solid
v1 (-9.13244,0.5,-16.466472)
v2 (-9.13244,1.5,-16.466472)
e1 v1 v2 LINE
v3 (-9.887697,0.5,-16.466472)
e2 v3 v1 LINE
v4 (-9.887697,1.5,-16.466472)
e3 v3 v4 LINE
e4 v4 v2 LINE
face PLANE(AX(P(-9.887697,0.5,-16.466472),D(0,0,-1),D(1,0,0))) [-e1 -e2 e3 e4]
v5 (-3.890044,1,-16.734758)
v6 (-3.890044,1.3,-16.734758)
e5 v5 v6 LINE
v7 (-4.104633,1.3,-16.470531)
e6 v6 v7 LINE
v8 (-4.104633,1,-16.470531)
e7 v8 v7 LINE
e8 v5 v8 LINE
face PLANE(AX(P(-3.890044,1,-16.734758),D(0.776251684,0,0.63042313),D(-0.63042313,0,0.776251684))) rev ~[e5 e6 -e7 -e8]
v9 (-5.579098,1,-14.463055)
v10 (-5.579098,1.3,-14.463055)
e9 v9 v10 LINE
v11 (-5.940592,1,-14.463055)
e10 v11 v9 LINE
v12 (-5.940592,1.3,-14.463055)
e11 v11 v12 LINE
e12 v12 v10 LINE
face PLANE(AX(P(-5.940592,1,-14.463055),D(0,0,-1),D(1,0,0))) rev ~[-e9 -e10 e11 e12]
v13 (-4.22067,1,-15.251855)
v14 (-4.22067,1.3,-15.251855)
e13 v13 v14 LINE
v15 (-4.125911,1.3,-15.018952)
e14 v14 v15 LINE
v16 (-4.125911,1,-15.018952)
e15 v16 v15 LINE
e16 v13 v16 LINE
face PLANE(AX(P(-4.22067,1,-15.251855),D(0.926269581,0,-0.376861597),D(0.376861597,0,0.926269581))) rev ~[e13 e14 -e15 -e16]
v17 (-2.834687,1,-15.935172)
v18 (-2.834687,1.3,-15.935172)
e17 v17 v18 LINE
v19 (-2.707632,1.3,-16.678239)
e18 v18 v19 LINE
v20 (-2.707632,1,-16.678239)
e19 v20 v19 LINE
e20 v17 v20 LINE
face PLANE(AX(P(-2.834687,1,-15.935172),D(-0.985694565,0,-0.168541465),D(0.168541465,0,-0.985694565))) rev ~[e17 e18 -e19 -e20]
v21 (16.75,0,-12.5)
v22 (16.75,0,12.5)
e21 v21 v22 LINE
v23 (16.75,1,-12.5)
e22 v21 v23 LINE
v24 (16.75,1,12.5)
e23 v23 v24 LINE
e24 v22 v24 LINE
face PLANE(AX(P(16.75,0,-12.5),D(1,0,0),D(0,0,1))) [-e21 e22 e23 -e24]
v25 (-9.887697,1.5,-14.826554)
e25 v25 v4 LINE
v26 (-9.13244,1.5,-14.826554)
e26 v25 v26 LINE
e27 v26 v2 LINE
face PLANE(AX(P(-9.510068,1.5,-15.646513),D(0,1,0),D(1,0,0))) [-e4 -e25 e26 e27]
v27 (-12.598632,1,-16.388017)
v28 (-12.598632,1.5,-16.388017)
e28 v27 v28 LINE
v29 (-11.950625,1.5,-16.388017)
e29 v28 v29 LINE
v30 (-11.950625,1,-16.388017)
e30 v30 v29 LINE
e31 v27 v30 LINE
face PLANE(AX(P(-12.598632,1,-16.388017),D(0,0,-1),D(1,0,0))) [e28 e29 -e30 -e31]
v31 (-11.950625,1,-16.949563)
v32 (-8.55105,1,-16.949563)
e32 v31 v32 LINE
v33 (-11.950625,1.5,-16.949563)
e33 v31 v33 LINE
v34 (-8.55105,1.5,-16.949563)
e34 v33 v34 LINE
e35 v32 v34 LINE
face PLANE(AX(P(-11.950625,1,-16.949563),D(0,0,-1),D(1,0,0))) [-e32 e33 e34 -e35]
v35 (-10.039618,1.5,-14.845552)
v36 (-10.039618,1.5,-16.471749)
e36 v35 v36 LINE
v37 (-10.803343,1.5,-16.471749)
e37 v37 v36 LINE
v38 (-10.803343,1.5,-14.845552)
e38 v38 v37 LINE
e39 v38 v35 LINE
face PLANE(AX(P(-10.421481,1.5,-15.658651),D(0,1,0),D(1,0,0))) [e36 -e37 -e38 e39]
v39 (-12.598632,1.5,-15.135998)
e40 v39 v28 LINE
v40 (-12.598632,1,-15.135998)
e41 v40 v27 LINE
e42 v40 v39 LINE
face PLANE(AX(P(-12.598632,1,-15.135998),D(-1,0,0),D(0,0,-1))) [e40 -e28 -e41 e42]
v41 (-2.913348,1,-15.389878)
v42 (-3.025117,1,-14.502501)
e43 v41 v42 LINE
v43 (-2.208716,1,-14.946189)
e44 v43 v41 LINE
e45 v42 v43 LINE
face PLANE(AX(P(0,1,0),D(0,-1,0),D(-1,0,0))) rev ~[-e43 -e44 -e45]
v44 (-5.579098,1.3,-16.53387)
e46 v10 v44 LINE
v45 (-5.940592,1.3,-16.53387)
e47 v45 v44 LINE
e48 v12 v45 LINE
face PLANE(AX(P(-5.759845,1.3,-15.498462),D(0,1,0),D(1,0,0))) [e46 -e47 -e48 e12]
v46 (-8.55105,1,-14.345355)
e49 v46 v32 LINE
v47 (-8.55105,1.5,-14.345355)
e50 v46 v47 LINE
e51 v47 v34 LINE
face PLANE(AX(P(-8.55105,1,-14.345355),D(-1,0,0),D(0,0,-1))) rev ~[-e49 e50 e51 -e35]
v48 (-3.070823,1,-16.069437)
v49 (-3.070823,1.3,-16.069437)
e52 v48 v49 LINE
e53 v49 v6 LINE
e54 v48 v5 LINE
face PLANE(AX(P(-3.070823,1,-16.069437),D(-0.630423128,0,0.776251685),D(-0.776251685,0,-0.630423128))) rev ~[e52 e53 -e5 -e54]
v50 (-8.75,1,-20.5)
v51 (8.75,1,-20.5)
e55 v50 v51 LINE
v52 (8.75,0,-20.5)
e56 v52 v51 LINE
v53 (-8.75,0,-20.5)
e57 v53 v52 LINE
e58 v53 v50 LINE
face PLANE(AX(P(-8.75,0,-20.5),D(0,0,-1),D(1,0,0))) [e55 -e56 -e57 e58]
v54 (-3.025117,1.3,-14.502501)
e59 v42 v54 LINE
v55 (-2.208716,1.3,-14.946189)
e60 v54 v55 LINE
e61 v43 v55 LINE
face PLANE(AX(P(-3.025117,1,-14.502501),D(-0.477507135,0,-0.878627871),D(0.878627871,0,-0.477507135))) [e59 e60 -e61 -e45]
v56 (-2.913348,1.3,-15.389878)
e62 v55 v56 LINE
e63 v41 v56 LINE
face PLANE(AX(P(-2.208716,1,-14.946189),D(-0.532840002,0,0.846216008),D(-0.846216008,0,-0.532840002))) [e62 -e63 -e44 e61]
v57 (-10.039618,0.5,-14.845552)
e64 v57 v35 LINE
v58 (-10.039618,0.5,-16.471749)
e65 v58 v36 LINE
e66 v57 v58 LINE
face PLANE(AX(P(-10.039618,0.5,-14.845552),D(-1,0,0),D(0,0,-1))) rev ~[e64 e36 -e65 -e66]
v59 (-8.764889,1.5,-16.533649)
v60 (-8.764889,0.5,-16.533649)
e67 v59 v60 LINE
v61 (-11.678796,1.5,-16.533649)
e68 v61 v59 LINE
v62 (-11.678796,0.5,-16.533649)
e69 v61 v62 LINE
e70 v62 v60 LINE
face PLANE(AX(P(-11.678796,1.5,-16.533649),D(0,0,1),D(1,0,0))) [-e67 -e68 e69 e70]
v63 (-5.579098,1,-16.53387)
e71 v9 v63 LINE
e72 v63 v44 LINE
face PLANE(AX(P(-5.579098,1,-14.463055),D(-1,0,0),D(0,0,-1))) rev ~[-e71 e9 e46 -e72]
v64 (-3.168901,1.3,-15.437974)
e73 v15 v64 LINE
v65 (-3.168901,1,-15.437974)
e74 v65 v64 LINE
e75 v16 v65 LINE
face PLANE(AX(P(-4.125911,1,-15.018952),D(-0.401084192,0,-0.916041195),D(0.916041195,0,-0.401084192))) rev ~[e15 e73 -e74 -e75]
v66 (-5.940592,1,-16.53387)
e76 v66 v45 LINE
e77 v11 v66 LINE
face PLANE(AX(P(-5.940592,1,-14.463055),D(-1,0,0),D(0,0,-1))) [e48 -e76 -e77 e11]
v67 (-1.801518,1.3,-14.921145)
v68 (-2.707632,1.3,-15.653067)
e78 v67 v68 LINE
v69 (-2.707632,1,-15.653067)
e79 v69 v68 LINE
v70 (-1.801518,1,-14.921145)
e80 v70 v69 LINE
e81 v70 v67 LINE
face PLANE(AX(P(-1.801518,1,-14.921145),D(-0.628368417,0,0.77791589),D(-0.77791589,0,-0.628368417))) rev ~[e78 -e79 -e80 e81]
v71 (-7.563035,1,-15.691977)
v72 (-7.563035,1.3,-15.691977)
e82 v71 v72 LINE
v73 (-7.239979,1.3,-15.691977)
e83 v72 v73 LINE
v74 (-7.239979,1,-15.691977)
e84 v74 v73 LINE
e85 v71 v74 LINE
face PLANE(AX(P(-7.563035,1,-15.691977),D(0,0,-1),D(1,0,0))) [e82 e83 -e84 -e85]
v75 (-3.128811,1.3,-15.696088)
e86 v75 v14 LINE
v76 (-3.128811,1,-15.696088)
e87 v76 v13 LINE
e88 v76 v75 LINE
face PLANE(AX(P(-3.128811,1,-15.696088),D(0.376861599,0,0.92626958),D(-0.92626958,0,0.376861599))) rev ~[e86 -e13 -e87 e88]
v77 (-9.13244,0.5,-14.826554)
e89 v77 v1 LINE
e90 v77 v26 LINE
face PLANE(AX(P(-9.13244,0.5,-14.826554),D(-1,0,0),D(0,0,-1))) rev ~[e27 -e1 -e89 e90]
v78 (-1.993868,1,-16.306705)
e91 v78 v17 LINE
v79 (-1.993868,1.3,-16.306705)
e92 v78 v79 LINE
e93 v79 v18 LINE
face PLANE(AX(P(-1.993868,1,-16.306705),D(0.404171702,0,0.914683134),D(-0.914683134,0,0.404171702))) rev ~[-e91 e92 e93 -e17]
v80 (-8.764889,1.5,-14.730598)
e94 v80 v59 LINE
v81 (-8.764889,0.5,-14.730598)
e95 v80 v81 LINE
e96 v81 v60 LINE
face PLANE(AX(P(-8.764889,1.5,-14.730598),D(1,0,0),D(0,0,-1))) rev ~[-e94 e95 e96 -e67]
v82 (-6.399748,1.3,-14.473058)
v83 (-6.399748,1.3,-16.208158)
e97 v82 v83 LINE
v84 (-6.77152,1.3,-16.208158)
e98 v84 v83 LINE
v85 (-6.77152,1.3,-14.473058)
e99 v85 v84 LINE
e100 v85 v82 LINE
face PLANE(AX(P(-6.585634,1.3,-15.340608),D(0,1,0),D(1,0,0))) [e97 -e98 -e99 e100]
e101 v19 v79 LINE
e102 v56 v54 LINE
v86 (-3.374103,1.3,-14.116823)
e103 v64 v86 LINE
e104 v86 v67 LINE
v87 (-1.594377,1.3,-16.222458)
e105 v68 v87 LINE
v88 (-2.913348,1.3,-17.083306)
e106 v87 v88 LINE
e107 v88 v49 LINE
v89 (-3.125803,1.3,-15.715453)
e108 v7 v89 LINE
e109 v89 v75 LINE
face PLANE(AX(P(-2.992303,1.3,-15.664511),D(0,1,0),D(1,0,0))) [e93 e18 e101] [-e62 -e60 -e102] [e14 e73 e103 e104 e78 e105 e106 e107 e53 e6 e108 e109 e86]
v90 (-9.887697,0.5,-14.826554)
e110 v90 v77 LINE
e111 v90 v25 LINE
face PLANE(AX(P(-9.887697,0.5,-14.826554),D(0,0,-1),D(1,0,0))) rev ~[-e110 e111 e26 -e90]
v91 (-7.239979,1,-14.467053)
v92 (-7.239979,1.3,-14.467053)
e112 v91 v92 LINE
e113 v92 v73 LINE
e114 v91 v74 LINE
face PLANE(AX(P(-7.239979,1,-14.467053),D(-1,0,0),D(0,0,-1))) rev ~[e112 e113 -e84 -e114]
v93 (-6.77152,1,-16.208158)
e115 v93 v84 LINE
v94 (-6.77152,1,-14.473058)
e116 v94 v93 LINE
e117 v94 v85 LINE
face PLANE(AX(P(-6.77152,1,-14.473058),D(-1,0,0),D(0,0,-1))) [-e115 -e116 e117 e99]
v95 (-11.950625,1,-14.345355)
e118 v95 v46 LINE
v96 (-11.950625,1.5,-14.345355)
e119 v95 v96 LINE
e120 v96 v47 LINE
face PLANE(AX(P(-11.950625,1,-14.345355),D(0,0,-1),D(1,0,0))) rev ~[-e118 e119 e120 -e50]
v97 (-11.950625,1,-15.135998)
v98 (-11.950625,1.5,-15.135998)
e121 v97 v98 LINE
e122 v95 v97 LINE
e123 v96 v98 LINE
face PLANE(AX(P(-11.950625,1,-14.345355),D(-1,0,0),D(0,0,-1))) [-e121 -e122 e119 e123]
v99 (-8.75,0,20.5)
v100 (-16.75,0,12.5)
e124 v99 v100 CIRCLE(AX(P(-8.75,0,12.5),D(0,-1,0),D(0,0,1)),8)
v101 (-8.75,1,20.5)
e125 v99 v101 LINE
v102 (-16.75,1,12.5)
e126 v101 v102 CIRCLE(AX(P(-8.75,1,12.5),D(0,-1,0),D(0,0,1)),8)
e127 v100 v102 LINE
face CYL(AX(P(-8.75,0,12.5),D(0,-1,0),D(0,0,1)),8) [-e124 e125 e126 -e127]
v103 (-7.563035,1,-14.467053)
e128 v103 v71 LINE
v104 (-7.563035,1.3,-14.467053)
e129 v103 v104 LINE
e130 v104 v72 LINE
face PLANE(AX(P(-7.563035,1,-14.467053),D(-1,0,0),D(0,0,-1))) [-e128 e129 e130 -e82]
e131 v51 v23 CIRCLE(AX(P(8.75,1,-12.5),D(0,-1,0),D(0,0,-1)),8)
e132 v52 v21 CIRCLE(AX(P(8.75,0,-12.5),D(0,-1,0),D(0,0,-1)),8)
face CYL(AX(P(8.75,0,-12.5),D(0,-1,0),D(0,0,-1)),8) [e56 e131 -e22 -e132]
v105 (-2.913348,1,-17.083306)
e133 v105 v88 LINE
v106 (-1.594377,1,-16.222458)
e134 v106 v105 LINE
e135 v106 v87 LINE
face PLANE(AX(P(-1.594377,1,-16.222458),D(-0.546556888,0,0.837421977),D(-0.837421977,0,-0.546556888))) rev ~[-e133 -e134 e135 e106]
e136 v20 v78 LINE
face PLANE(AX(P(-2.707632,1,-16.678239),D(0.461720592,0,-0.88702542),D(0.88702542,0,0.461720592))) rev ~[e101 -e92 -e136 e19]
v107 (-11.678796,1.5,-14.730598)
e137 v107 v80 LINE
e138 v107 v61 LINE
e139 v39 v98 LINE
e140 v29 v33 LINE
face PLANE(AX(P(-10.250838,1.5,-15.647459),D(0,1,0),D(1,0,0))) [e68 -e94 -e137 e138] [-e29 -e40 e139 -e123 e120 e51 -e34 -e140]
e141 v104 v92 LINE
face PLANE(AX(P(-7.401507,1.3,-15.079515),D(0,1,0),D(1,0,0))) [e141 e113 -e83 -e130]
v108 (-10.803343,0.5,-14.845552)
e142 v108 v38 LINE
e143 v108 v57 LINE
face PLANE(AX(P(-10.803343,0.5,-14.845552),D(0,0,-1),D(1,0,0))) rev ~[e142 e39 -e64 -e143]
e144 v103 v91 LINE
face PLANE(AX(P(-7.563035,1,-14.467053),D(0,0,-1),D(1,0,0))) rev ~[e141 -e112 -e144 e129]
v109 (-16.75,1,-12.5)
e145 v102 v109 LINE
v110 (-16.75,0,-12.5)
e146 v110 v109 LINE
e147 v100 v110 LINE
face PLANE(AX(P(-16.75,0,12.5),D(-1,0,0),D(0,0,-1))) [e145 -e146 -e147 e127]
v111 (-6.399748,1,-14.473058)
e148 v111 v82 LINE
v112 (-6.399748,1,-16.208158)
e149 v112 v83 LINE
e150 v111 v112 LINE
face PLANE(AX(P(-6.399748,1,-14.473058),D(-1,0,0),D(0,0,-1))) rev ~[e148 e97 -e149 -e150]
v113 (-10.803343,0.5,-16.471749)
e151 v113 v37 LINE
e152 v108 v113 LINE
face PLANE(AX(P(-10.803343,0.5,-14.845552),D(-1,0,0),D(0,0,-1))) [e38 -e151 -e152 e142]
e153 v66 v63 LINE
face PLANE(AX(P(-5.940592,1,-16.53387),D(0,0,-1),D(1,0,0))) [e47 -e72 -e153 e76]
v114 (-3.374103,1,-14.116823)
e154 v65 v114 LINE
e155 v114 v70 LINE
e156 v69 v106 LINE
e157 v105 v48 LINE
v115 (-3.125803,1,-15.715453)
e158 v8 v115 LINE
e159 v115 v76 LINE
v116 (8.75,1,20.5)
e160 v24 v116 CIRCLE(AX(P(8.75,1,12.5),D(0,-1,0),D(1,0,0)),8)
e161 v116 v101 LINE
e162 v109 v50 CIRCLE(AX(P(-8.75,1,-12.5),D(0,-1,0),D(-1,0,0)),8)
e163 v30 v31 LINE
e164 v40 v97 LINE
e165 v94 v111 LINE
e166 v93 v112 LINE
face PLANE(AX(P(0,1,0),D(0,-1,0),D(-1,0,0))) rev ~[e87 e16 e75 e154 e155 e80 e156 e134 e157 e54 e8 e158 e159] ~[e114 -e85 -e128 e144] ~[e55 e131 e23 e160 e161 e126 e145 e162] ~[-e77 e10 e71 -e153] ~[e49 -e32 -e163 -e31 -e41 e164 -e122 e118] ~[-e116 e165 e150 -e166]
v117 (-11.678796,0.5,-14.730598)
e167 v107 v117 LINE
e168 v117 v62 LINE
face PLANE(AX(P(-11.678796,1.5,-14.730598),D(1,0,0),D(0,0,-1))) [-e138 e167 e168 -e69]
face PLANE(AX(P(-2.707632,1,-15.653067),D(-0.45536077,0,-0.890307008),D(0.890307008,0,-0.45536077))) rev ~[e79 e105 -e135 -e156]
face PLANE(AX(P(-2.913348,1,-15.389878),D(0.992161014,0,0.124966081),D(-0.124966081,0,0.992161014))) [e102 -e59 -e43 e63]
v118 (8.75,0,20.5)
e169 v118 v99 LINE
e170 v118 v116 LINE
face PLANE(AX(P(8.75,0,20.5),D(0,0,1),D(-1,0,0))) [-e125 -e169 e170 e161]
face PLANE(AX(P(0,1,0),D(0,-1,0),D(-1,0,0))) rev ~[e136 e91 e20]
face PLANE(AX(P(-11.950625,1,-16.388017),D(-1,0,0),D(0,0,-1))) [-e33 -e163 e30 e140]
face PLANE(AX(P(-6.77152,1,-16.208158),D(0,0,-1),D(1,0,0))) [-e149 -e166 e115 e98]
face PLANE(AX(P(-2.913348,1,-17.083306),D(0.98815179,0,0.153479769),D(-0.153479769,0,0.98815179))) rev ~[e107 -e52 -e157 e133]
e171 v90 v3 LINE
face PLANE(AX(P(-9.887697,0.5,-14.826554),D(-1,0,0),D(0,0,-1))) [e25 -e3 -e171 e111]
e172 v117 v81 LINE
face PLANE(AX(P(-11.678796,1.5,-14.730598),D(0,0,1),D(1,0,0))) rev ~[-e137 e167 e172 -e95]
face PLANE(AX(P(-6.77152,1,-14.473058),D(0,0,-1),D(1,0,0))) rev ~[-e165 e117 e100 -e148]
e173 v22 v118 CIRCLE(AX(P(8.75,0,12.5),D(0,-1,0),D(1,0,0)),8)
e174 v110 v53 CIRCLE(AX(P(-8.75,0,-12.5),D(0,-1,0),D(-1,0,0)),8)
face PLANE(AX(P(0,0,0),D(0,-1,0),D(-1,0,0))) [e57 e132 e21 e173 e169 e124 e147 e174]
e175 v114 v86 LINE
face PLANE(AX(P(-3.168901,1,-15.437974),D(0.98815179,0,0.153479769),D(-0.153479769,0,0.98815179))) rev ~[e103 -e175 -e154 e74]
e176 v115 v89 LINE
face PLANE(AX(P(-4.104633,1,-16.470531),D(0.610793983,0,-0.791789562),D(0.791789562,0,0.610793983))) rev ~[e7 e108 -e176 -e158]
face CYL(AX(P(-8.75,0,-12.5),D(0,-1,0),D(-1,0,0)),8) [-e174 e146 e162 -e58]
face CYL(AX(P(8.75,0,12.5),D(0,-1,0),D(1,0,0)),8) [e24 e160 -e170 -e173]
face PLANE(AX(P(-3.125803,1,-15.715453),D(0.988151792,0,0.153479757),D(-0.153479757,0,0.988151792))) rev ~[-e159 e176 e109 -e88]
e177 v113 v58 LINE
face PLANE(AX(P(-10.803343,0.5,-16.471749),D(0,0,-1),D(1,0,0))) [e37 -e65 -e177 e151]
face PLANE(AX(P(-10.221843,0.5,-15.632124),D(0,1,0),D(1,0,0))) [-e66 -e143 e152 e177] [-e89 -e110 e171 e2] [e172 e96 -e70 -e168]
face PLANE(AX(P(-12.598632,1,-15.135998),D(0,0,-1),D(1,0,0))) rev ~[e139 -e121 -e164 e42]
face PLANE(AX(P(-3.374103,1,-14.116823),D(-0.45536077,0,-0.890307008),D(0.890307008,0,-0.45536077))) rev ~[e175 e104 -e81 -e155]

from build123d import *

# Parameters (mm, degrees)
BOSS_EXTRUDE1_DEPTH = 1
SKETCH2_W           = 3.399574798
SKETCH2_H           = 2.604207363
SKETCH2_W_2         = 0.648007004
SKETCH2_H_2         = 1.252018983
BOSS_EXTRUDE2_DEPTH = 0.5
SKETCH3_W           = 2.913906285
SKETCH3_H           = 1.803051724
CUT_EXTRUDE1_DEPTH  = 1
SKETCH4_W           = 0.755256807
SKETCH4_H           = 1.639917717
SKETCH4_W_2         = 0.763724631
SKETCH4_H_2         = 1.626197377
BOSS_EXTRUDE3_DEPTH = 1
SKETCH6_W           = 0.323055787
SKETCH6_H           = 1.224923668
SKETCH6_W_2         = 0.371772392
SKETCH6_H_2         = 1.735099538
SKETCH6_W_3         = 0.361493721
SKETCH6_H_3         = 2.070814397
BOSS_EXTRUDE4_DEPTH = 0.3
BOSS_EXTRUDE8_DEPTH = 0.3


with BuildPart() as part:
    # Sketch1 → Boss-Extrude1 (new body)
    with BuildSketch(Plane(origin=(0, 0, 0), x_dir=(1, 0, 0), z_dir=(0, 1, 0))):
        with BuildLine():
            Line((-8.75, 20.5), (8.75, 20.5))
            ThreePointArc((8.75, 20.5), (14.406854249, 18.156854249), (16.75, 12.5))
            Line((16.75, 12.5), (16.75, -12.5))
            ThreePointArc((16.75, -12.5), (14.406854249, -18.156854249), (8.75, -20.5))
            Line((8.75, -20.5), (-8.75, -20.5))
            ThreePointArc((-8.75, -20.5), (-14.406854249, -18.156854249), (-16.75, -12.5))
            Line((-16.75, -12.5), (-16.75, 12.5))
            ThreePointArc((-16.75, 12.5), (-14.406854249, 18.156854249), (-8.75, 20.5))
        make_face()
    extrude(amount=BOSS_EXTRUDE1_DEPTH)

    # Sketch2 → Boss-Extrude2 (add)
    with BuildSketch(Plane(origin=(0, 1, 0), x_dir=(1, 0, 0), z_dir=(0, 1, 0))):
        with Locations((-10.250837729, 15.647459094)):
            Rectangle(SKETCH2_W, SKETCH2_H)
        with Locations((-12.27462863, 15.762007905)):
            Rectangle(SKETCH2_W_2, SKETCH2_H_2)
    extrude(amount=BOSS_EXTRUDE2_DEPTH)

    # Sketch3 → Cut-Extrude1 (cut)
    with BuildSketch(Plane(origin=(0, 1.5, 0), x_dir=(1, 0, 0), z_dir=(0, 1, 0))):
        with Locations((-10.221842574, 15.632123632)):
            Rectangle(SKETCH3_W, SKETCH3_H)
    extrude(amount=-CUT_EXTRUDE1_DEPTH, mode=Mode.SUBTRACT)

    # Sketch4 → Boss-Extrude3 (add)
    with BuildSketch(Plane(origin=(0, 0.5, 0), x_dir=(1, 0, 0), z_dir=(0, 1, 0))):
        with Locations((-9.510068413, 15.646512941)):
            Rectangle(SKETCH4_W, SKETCH4_H)
        with Locations((-10.421480669, 15.658650775)):
            Rectangle(SKETCH4_W_2, SKETCH4_H_2)
    extrude(amount=BOSS_EXTRUDE3_DEPTH)

    # Sketch6 → Boss-Extrude4 (add)
    with BuildSketch(Plane(origin=(0, 1, 0), x_dir=(1, 0, 0), z_dir=(0, 1, 0))):
        with Locations((-7.401507334, 15.079514795)):
            Rectangle(SKETCH6_W, SKETCH6_H)
        with Locations((-6.585633976, 15.340608205)):
            Rectangle(SKETCH6_W_2, SKETCH6_H_2)
        with Locations((-5.759844772, 15.498462338)):
            Rectangle(SKETCH6_W_3, SKETCH6_H_3)
    extrude(amount=BOSS_EXTRUDE4_DEPTH)

    # Sketch7 → Boss-Extrude8 (add)
    with BuildSketch(Plane(origin=(0, 1, 0), x_dir=(1, 0, 0), z_dir=(0, 1, 0))):
        Polygon((-2.913348429, 17.083305865), (-3.070822573, 16.069437014), (-3.890044364, 16.734757778), (-4.10463288, 16.470530961), (-3.125803438, 15.71545264), (-3.128811108, 15.696088298), (-4.220670364, 15.251854963), (-4.125911477, 15.018951756), (-3.168901436, 15.437973959), (-3.374102624, 14.116823145), (-1.801517614, 14.921145153), (-2.70763201, 15.653067043), (-1.594376902, 16.222457937), align=None)
        Polygon((-2.913348429, 15.389877589), (-3.025116607, 14.50250057), (-2.208716049, 14.94618908), align=None, mode=Mode.SUBTRACT)
        Polygon((-2.834687196, 15.935171595), (-2.70763201, 16.678238629), (-1.993867712, 16.306705112), align=None, mode=Mode.SUBTRACT)
    extrude(amount=BOSS_EXTRUDE8_DEPTH)


solid = part.part
